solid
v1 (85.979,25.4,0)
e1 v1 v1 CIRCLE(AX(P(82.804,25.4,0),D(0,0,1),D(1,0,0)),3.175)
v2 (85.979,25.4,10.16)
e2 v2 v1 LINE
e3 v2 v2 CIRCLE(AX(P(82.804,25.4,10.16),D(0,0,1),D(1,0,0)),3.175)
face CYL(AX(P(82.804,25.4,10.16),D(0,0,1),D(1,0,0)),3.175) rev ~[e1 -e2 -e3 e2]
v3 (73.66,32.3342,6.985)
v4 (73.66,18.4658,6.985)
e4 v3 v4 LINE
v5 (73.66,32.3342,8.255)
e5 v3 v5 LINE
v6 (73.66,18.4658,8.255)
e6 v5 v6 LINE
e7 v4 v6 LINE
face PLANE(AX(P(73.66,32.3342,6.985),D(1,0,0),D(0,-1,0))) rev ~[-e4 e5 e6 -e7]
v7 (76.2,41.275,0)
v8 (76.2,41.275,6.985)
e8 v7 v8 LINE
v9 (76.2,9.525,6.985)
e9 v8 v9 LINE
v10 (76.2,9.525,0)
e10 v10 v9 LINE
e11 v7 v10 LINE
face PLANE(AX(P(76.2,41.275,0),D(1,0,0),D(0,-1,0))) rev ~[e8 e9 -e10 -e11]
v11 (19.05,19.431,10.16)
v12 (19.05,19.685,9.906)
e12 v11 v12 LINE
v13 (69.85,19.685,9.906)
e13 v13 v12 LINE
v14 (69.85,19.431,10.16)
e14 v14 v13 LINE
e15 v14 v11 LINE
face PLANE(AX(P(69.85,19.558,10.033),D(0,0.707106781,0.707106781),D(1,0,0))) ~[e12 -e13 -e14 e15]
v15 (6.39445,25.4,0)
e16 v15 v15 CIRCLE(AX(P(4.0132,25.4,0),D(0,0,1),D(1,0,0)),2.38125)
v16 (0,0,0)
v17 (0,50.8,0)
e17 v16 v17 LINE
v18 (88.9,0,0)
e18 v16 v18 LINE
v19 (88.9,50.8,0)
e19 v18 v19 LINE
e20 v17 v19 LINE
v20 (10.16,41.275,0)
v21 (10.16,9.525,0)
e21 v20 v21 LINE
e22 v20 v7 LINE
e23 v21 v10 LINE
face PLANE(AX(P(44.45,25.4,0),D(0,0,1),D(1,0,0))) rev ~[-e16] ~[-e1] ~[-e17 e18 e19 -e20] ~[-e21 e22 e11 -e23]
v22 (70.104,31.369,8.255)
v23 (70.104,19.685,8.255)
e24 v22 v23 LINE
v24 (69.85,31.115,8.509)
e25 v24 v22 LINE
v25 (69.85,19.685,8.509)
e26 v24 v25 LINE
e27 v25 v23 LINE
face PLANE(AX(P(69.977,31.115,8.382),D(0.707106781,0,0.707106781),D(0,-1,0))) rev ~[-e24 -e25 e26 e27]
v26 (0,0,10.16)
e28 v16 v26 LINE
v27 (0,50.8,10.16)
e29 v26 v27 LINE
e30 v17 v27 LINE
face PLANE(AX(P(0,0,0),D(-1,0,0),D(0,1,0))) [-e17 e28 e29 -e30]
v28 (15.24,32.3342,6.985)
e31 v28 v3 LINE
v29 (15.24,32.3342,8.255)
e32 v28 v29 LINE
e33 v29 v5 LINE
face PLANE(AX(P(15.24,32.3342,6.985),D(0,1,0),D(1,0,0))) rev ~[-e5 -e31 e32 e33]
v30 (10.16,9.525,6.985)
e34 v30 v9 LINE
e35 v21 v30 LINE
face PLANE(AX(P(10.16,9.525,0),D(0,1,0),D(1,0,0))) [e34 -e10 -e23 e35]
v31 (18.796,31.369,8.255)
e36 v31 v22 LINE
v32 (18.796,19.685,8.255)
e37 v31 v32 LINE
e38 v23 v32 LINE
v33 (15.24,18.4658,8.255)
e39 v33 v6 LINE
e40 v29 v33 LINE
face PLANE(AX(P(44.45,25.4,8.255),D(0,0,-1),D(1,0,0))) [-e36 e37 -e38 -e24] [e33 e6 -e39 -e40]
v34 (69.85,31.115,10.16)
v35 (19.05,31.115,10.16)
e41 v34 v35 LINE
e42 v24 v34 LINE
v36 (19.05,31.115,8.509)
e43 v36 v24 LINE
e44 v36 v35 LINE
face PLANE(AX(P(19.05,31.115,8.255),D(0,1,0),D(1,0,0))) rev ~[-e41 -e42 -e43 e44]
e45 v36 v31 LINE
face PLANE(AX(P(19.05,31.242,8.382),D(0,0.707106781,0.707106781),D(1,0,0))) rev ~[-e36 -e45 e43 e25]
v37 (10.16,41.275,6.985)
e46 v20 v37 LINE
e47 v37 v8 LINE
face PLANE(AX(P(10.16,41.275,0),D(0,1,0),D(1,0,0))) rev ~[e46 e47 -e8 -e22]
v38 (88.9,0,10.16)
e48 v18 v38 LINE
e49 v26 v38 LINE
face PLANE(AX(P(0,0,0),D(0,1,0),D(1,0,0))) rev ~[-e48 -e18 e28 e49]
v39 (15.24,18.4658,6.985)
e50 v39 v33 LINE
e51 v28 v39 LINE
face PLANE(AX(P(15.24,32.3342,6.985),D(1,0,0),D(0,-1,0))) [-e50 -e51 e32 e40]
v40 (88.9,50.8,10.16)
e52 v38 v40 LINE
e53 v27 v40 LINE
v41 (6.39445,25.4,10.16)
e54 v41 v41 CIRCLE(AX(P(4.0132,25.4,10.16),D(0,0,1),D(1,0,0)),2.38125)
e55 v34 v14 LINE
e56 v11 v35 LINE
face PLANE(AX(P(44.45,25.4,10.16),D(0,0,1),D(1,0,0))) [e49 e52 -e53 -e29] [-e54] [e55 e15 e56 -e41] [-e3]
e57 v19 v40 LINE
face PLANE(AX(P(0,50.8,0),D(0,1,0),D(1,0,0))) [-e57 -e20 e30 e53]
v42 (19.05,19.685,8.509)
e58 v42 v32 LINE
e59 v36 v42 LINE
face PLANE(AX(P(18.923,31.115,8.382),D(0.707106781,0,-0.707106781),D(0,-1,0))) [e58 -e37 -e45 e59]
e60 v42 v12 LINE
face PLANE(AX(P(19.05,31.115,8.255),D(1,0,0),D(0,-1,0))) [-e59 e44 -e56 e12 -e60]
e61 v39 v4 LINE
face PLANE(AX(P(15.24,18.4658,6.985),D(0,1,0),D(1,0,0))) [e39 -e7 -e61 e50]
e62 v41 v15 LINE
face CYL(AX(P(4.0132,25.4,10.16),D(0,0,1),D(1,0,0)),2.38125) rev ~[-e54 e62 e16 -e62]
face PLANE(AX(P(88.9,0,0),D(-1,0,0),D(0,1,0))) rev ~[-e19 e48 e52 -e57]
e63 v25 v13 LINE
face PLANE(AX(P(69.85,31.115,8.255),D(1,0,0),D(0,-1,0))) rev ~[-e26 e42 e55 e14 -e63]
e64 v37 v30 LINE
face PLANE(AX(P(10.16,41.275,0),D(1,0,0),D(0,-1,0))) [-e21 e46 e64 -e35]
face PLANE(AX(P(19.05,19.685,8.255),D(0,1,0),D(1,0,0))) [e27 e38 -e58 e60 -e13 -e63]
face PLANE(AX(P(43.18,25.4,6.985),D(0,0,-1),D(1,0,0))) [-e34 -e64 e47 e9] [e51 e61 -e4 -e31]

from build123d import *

# Parameters (mm, degrees)
F0_W     = 88.9
F0_H     = 50.8
F1_DEPTH = 10.16
F2_R     = 2.38125
F2_R_2   = 3.175
F3_DEPTH = 25.4
F4_W     = 66.04
F4_H     = 31.75
F5_DEPTH = 6.985
F6_W     = 58.42
F6_H     = 13.8684
F7_DEPTH = 1.27
F8_W     = 50.8
F8_H     = 11.43
F9_DEPTH = 25.4
F10_SIZE = 0.254


with BuildPart() as f1:
    # F0 (on Top) → F1 (new body)
    with BuildSketch(Plane.XY):
        with Locations((44.45, 25.4)):
            Rectangle(F0_W, F0_H)
    extrude(amount=F1_DEPTH)

    # F2 (on face) → F3 (cut)
    with BuildSketch(Plane.XY.offset(10.16)):
        with Locations((4.0132, 25.4)):
            Circle(F2_R)
        with Locations((82.804, 25.4)):
            Circle(F2_R_2)
    extrude(amount=-F3_DEPTH, mode=Mode.SUBTRACT)

    # F4 (on face) → F5 (cut)
    with BuildSketch(Plane(origin=(0, 0, 0), x_dir=(1, 0, 0), z_dir=(0, 0, -1))):
        with Locations((43.18, -25.4)):
            Rectangle(F4_W, F4_H)
    extrude(amount=-F5_DEPTH, mode=Mode.SUBTRACT)

    # F6 (on face) → F7 (cut)
    with BuildSketch(Plane(origin=(0, 0, 6.985), x_dir=(1, 0, 0), z_dir=(0, 0, -1))):
        with Locations((44.45, -25.4)):
            Rectangle(F6_W, F6_H)
    extrude(amount=-F7_DEPTH, mode=Mode.SUBTRACT)

    # F8 (on face) → F9 (cut)
    with BuildSketch(Plane(origin=(0, 0, 8.255), x_dir=(1, 0, 0), z_dir=(0, 0, -1))):
        with Locations((44.45, -25.4)):
            Rectangle(F8_W, F8_H)
    extrude(amount=-F9_DEPTH, mode=Mode.SUBTRACT)

    # F10
    f10_edges = [f1.edges().sort_by_distance(p)[0] for p in [
        (44.45, 31.115, 8.255),
        (69.85, 25.4, 8.255),
        (44.45, 19.685, 10.16),
        (19.05, 25.4, 8.255),
    ]]
    chamfer(f10_edges, length=F10_SIZE)


solid = f1.part
